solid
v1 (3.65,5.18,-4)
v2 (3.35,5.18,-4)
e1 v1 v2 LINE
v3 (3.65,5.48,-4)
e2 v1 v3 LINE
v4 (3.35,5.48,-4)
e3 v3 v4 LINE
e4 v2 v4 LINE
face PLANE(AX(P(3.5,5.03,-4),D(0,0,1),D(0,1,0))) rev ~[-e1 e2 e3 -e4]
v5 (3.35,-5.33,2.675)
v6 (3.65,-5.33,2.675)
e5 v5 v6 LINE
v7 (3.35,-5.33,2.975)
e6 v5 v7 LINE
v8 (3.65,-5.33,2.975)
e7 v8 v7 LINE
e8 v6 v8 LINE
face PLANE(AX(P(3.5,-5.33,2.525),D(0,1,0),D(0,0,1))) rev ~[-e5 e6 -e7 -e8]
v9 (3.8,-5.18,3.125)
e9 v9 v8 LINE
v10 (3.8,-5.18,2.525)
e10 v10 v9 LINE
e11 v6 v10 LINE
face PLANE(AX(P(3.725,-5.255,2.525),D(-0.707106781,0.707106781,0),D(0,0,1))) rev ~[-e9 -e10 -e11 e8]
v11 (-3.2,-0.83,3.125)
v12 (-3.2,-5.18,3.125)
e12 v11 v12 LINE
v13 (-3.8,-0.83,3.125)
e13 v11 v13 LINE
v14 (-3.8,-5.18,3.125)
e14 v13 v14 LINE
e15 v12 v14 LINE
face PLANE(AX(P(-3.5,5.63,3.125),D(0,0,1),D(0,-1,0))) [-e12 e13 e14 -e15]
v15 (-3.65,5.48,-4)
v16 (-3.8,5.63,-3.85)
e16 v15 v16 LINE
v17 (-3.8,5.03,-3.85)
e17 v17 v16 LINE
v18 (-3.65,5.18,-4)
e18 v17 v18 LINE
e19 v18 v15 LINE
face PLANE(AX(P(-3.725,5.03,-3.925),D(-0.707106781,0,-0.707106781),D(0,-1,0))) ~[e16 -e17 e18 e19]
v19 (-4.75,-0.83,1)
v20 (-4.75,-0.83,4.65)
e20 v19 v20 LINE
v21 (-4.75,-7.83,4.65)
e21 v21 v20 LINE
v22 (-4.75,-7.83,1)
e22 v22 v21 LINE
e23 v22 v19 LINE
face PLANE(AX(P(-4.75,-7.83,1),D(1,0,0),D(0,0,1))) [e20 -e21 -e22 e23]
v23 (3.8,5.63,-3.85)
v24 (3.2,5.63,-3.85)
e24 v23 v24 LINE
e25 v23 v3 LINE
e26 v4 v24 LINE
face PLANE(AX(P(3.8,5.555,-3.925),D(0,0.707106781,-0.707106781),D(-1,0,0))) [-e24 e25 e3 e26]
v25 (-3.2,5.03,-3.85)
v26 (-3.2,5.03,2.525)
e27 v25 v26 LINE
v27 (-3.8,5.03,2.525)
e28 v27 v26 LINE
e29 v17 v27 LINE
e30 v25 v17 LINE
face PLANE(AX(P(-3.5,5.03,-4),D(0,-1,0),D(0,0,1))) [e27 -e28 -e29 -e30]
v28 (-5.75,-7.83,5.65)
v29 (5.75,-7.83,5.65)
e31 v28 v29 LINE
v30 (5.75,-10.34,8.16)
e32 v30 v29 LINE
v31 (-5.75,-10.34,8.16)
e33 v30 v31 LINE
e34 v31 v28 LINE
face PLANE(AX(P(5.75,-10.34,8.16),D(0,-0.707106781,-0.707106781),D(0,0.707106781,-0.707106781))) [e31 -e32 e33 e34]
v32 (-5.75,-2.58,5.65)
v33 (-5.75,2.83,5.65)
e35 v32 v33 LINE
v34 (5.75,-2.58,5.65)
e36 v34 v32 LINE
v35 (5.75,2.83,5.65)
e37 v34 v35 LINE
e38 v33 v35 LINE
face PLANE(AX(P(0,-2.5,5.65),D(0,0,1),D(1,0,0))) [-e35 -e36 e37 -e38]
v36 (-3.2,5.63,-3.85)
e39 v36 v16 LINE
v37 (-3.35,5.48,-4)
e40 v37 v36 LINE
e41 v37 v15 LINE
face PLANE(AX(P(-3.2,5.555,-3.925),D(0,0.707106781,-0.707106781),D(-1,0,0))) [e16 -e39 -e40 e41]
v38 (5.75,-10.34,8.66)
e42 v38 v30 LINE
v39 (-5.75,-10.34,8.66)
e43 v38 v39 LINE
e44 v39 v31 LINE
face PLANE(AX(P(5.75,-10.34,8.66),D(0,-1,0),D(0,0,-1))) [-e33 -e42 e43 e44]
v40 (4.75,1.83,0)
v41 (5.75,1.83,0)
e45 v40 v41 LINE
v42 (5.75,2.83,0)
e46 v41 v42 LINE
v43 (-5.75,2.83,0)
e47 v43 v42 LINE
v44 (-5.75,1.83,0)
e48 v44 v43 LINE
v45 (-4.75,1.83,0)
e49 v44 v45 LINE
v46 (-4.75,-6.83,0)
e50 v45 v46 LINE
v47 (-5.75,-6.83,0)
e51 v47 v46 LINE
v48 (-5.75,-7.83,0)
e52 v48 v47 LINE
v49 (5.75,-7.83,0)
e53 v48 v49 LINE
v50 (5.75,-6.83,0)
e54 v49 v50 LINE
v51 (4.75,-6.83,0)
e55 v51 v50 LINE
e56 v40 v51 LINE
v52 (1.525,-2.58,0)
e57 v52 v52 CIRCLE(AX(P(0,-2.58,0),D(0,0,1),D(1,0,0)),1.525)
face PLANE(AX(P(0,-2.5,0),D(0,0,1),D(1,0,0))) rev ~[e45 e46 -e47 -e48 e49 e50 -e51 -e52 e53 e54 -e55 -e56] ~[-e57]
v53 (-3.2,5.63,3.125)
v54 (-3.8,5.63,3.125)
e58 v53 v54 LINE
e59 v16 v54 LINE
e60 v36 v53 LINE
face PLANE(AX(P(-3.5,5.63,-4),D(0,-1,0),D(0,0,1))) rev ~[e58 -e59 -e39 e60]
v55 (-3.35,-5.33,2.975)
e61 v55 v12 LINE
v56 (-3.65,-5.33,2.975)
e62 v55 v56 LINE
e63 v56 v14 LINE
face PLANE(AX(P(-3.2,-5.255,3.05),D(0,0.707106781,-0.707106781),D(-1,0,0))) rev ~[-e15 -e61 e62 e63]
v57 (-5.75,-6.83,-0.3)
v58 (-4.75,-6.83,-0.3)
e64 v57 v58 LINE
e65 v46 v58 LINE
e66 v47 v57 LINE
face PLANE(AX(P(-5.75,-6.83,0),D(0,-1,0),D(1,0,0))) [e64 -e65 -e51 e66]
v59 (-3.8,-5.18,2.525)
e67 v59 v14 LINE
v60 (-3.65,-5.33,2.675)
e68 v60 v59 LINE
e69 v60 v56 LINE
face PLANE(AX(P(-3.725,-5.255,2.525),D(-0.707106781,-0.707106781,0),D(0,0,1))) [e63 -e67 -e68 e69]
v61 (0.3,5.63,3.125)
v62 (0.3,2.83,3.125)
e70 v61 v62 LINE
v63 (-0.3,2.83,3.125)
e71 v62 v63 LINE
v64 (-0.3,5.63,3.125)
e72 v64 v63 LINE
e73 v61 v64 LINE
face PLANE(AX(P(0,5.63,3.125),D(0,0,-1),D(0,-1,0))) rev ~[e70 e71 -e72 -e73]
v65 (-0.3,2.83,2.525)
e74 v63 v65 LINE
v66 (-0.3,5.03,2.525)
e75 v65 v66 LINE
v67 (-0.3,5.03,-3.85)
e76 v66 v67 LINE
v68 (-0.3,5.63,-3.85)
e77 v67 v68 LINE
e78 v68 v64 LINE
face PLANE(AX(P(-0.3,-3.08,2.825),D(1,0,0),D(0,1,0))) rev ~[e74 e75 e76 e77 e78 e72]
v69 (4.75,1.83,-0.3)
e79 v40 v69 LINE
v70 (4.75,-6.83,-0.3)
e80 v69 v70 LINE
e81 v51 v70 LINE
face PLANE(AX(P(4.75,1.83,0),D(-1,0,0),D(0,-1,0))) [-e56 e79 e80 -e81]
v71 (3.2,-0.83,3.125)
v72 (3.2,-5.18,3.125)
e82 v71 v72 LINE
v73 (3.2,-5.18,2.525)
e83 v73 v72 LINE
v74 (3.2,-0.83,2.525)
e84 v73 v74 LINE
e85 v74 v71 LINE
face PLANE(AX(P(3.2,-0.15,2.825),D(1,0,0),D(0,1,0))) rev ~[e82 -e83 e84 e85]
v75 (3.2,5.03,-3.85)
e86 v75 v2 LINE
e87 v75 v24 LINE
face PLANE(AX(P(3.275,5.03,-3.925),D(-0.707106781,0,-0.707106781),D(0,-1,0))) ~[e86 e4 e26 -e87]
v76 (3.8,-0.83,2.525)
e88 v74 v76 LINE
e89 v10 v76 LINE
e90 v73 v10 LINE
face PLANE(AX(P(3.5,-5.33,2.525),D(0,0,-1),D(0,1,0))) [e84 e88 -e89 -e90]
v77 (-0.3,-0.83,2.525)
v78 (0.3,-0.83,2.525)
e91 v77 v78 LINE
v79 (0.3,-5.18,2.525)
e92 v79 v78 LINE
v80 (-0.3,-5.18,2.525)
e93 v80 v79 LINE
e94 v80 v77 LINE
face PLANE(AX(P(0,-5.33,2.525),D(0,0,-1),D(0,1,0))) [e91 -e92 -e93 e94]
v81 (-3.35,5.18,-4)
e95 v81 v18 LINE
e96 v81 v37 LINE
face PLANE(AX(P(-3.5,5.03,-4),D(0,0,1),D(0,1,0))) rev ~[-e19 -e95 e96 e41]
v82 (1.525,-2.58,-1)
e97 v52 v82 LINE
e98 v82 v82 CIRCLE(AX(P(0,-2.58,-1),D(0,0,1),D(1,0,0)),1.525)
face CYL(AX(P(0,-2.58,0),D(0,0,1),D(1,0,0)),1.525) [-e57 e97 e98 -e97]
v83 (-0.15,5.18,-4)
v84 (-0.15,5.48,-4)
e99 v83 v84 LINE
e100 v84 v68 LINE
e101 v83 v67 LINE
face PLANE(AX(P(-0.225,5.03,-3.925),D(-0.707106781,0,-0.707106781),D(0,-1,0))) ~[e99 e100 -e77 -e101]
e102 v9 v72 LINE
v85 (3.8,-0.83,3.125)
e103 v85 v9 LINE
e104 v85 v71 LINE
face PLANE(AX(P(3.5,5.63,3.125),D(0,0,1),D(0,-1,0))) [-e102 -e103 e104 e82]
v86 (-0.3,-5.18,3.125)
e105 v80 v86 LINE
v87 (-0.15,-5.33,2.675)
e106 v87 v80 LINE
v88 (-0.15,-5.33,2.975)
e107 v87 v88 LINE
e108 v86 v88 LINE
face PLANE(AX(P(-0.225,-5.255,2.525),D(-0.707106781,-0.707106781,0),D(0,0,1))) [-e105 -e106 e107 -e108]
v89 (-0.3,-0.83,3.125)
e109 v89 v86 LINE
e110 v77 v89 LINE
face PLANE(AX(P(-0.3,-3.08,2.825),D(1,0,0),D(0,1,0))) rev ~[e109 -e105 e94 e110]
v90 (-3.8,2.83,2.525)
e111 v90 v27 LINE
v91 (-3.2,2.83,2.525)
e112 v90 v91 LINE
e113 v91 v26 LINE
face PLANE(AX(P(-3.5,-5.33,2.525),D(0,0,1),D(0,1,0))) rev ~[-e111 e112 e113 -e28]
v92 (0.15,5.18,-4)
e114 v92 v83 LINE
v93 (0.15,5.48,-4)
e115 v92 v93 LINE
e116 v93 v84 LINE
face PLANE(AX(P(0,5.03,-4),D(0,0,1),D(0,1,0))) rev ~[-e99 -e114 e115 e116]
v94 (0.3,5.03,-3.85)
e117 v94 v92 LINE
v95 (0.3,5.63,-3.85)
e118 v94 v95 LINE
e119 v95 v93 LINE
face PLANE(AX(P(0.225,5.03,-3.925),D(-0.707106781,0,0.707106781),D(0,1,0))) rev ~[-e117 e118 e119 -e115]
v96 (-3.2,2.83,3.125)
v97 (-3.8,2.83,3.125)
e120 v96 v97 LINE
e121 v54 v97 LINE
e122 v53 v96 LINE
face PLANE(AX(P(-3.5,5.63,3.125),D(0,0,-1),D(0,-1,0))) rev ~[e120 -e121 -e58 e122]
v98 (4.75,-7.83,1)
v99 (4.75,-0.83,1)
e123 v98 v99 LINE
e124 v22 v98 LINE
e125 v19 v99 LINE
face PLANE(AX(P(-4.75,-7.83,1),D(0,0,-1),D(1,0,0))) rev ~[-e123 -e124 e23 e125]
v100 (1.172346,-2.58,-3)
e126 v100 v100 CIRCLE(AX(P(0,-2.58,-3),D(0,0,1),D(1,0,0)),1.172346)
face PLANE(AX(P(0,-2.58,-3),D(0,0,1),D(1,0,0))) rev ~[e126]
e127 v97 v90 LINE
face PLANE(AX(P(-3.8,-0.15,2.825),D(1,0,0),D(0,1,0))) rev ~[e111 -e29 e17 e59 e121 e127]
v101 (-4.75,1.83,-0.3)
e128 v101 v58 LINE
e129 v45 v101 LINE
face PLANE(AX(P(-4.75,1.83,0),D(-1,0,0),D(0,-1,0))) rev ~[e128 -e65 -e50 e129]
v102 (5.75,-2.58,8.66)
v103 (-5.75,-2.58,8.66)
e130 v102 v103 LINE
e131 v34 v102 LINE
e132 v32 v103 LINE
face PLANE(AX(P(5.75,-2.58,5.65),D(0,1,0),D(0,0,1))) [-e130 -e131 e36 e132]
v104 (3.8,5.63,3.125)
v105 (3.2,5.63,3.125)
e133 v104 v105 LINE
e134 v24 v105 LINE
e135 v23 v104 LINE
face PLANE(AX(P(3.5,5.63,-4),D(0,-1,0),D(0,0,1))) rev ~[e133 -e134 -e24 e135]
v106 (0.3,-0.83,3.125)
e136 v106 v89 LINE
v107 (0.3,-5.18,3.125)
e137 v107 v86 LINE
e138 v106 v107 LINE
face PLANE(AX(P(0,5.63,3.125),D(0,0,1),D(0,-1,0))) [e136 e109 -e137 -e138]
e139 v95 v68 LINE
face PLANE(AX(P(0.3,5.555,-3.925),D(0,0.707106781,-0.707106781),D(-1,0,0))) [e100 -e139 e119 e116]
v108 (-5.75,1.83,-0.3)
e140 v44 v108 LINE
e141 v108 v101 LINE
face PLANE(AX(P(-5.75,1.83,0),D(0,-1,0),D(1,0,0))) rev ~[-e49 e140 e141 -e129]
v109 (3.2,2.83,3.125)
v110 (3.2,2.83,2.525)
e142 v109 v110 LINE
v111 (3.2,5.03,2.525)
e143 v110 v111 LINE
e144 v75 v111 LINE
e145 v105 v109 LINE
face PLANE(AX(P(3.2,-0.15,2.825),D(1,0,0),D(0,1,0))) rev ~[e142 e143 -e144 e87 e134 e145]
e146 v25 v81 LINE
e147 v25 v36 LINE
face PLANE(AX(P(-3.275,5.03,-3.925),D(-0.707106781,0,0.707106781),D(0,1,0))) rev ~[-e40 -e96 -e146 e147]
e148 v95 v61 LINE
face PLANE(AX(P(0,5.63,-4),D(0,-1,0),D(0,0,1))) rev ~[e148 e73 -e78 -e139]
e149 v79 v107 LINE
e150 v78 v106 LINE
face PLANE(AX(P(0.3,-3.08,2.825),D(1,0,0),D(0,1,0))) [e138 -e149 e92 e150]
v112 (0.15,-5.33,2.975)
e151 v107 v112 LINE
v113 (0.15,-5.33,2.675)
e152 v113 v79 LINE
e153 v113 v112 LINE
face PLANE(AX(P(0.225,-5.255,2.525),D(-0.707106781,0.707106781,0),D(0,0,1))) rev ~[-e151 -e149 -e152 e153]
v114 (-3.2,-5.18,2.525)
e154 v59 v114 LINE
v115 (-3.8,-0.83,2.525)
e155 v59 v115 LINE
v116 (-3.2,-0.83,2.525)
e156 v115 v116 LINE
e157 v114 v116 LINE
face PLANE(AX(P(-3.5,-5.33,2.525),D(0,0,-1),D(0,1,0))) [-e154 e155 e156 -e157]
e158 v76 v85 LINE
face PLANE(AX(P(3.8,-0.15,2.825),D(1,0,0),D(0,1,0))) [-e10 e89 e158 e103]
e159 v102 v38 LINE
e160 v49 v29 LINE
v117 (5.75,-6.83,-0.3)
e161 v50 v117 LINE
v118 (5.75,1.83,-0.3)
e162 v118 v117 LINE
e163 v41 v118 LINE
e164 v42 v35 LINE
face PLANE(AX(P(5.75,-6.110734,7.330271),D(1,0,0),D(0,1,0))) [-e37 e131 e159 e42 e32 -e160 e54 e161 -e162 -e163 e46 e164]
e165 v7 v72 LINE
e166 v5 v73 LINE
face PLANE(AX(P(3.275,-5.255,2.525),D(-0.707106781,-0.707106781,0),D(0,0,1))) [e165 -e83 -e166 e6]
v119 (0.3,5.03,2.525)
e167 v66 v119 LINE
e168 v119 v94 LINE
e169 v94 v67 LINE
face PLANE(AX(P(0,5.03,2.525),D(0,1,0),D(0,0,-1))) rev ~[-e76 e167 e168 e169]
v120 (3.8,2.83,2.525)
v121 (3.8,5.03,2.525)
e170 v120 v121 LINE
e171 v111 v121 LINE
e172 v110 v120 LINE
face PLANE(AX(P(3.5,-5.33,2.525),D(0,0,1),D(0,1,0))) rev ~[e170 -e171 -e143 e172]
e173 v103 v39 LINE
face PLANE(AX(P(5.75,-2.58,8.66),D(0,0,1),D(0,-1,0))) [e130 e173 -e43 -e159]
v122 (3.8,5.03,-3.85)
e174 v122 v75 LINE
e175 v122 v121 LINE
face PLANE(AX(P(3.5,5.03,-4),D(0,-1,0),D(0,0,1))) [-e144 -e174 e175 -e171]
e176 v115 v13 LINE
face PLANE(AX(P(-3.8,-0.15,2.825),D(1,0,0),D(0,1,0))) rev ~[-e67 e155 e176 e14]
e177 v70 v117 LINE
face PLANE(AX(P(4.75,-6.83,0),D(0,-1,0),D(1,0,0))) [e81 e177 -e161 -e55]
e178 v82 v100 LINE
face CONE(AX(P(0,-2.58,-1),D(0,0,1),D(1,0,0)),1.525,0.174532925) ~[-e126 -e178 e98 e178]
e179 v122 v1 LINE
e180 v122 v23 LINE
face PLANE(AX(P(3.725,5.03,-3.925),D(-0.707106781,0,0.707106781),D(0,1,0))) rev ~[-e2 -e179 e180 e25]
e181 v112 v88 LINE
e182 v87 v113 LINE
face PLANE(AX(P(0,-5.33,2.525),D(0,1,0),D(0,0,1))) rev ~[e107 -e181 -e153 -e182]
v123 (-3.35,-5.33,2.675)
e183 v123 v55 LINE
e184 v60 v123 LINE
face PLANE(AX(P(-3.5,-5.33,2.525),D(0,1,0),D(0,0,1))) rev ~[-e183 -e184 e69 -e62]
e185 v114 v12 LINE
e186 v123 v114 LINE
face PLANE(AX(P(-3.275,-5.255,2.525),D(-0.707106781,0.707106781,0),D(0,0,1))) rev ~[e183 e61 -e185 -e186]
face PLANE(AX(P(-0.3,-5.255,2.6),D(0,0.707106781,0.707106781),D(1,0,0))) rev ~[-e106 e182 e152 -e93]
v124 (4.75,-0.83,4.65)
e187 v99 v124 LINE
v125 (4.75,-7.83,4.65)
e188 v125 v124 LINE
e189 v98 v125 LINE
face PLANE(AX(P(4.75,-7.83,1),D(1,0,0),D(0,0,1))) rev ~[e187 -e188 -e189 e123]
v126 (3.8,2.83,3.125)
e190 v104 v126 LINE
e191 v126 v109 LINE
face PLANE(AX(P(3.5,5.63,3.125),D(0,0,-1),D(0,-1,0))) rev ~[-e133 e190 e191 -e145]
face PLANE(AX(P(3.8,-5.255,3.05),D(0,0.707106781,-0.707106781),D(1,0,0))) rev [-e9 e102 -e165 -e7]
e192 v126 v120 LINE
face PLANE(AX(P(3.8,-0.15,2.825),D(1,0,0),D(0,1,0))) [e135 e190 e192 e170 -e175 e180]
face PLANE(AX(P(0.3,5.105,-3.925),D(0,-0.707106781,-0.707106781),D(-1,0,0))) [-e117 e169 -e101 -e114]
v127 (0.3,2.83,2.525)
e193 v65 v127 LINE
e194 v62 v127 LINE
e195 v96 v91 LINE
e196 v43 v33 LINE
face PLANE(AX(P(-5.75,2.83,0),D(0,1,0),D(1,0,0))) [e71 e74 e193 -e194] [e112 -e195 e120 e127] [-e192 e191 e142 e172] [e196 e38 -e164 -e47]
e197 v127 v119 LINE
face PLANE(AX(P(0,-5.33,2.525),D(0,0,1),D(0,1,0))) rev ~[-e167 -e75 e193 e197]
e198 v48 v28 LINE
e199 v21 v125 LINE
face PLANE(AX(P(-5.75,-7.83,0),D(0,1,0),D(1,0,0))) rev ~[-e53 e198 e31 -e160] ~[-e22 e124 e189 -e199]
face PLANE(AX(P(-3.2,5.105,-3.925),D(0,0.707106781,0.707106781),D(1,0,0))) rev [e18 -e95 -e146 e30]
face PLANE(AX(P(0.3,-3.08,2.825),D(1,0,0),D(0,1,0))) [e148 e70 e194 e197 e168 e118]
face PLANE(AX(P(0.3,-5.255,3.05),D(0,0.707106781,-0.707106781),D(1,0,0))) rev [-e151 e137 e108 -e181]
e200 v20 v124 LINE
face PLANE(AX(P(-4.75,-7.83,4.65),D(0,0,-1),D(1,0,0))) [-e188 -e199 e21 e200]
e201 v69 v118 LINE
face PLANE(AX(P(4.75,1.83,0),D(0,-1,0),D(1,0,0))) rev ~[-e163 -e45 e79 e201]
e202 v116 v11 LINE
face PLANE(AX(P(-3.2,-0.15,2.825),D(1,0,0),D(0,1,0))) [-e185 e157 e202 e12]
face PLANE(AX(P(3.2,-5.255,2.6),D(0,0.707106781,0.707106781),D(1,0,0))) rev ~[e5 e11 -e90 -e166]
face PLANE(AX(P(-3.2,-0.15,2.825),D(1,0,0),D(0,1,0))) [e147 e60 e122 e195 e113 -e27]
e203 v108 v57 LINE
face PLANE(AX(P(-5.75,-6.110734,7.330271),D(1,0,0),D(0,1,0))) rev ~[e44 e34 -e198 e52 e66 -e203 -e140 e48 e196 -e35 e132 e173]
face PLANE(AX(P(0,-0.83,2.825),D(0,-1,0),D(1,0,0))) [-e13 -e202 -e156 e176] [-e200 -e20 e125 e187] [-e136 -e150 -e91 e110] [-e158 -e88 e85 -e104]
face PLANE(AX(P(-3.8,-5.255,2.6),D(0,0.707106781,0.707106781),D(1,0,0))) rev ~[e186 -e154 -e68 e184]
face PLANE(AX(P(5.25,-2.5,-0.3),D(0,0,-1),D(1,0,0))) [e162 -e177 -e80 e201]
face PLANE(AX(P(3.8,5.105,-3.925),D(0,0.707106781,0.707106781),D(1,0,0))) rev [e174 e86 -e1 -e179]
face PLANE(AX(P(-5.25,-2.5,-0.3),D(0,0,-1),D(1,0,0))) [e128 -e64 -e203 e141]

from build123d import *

# Parameters (mm, degrees)
F0_W           = 11.5
F0_H           = 10.66
F0_R           = 1.525
F1_DEPTH       = 5.65
F2_DEPTH       = 3
F3_SIZE2       = 0.3526539614
F3_SIZE        = 2
F4_W           = 9.5
F4_H           = 3.65
F5_DEPTH       = 7
F7_W           = 4.5
F7_H           = 0.6
F7_W_2         = 0.6
F7_H_2         = 4
F7_H_3         = 2.525
F7_W_3         = 5.86
F8_DEPTH       = 0.3
F8_DEPTH_BACK  = 0.3
F10_W          = 10.36
F10_H          = 0.6
F10_W_2        = 0.6
F10_H_2        = 6.525
F11_DEPTH      = 0.3
F11_DEPTH_BACK = 0.3
F13_W          = 10.36
F13_H          = 0.6
F13_W_2        = 0.6
F13_H_2        = 6.525
F14_DEPTH      = 0.3
F14_DEPTH_BACK = 0.3
F15_SIZE       = 0.15
F16_W          = 1
F16_H          = 8.66
F17_DEPTH      = 0.3
F19_DEPTH      = 11.5


with BuildPart() as f1:
    # F0 (on Top) → F1 (new body)
    with BuildSketch(Plane.XY):
        with Locations((0, -2.5)):
            Rectangle(F0_W, F0_H)
        with Locations((0, -2.58)):
            Circle(F0_R, mode=Mode.SUBTRACT)
        with Locations((0, -2.58)):
            Circle(F0_R)
    extrude(amount=F1_DEPTH)

    # F0 (on Top) → F2 (join)
    with BuildSketch(Plane.XY):
        with Locations((0, -2.58)):
            Circle(F0_R)
    extrude(amount=-F2_DEPTH)

    # F3
    f3_edges = [f1.edges().sort_by_distance(p)[0] for p in [
        (-1.525, -2.58, -3),
    ]]
    f3_side = f1.faces().sort_by_distance((-1.525, -2.58, -1.5))[0]
    chamfer(f3_edges, length=F3_SIZE, length2=F3_SIZE2, reference=f3_side)

    # F4 (on face) → F5 (cut)
    with BuildSketch(Plane.XZ.offset(7.83)):
        with Locations((0, 2.825)):
            Rectangle(F4_W, F4_H)
    extrude(amount=-F5_DEPTH, mode=Mode.SUBTRACT)

    # F7 (on mid) → F8 (join, two sides)
    with BuildSketch(Plane.YZ) as f8_sk:
        with Locations((-3.08, 2.825)):
            Rectangle(F7_W, F7_H)
        with Locations((5.33, 2.825)):
            Rectangle(F7_W_2, F7_H)
        with Locations((5.33, -2)):
            Rectangle(F7_W_2, F7_H_2)
        with Locations((5.33, 1.2625)):
            Rectangle(F7_W_2, F7_H_3)
        with Locations((2.1, 2.825)):
            Rectangle(F7_W_3, F7_H)
    extrude(amount=F8_DEPTH)
    extrude(f8_sk.sketch, amount=-F8_DEPTH_BACK)

    # F10 (on offset) → F11 (join, two sides)
    with BuildSketch(Plane.YZ.offset(3.5)) as f11_sk:
        with Locations((-0.15, 2.825)):
            Rectangle(F10_W, F10_H)
        with Locations((5.33, 2.825)):
            Rectangle(F10_W_2, F10_H)
        with Locations((5.33, -0.7375)):
            Rectangle(F10_W_2, F10_H_2)
    extrude(amount=F11_DEPTH)
    extrude(f11_sk.sketch, amount=-F11_DEPTH_BACK)

    # F13 (on offset) → F14 (join, two sides)
    with BuildSketch(Plane.YZ.offset(-3.5)) as f14_sk:
        with Locations((-0.15, 2.825)):
            Rectangle(F13_W, F13_H)
        with Locations((5.33, 2.825)):
            Rectangle(F13_W_2, F13_H)
        with Locations((5.33, -0.7375)):
            Rectangle(F13_W_2, F13_H_2)
    extrude(amount=F14_DEPTH)
    extrude(f14_sk.sketch, amount=-F14_DEPTH_BACK)

    # F15
    f15_edges = [f1.edges().sort_by_distance(p)[0] for p in [
        (-3.5, 5.03, -4),
        (-3.8, 5.33, -4),
        (-3.5, 5.63, -4),
        (-3.2, 5.33, -4),
        (-0.3, 5.33, -4),
        (0, 5.03, -4),
        (0.3, 5.33, -4),
        (0, 5.63, -4),
        (3.5, 5.03, -4),
        (3.2, 5.33, -4),
        (3.8, 5.33, -4),
        (3.5, 5.63, -4),
        (-3.2, -5.33, 2.825),
        (-3.5, -5.33, 3.125),
        (-3.8, -5.33, 2.825),
        (-3.5, -5.33, 2.525),
        (0, -5.33, 3.125),
        (-0.3, -5.33, 2.825),
        (0.3, -5.33, 2.825),
        (0, -5.33, 2.525),
        (3.2, -5.33, 2.825),
        (3.5, -5.33, 3.125),
        (3.8, -5.33, 2.825),
        (3.5, -5.33, 2.525),
    ]]
    chamfer(f15_edges, length=F15_SIZE)

    # F16 (on face) → F17 (join)
    with BuildSketch(Plane(origin=(0, 0, 0), x_dir=(1, 0, 0), z_dir=(0, 0, -1))):
        with Locations((5.25, 2.5)):
            Rectangle(F16_W, F16_H)
        with Locations((-5.25, 2.5)):
            Rectangle(F16_W, F16_H)
    extrude(amount=F17_DEPTH)

    # F18 (on face) → F19 (join, through all)
    with BuildSketch(Plane.YZ.offset(5.75)):
        Polygon((-10.34, 8.16), (-7.83, 5.65), (-2.58, 5.65), (-2.58, 8.66), (-10.34, 8.66), align=None)
    extrude(amount=-F19_DEPTH)


solid = f1.part
